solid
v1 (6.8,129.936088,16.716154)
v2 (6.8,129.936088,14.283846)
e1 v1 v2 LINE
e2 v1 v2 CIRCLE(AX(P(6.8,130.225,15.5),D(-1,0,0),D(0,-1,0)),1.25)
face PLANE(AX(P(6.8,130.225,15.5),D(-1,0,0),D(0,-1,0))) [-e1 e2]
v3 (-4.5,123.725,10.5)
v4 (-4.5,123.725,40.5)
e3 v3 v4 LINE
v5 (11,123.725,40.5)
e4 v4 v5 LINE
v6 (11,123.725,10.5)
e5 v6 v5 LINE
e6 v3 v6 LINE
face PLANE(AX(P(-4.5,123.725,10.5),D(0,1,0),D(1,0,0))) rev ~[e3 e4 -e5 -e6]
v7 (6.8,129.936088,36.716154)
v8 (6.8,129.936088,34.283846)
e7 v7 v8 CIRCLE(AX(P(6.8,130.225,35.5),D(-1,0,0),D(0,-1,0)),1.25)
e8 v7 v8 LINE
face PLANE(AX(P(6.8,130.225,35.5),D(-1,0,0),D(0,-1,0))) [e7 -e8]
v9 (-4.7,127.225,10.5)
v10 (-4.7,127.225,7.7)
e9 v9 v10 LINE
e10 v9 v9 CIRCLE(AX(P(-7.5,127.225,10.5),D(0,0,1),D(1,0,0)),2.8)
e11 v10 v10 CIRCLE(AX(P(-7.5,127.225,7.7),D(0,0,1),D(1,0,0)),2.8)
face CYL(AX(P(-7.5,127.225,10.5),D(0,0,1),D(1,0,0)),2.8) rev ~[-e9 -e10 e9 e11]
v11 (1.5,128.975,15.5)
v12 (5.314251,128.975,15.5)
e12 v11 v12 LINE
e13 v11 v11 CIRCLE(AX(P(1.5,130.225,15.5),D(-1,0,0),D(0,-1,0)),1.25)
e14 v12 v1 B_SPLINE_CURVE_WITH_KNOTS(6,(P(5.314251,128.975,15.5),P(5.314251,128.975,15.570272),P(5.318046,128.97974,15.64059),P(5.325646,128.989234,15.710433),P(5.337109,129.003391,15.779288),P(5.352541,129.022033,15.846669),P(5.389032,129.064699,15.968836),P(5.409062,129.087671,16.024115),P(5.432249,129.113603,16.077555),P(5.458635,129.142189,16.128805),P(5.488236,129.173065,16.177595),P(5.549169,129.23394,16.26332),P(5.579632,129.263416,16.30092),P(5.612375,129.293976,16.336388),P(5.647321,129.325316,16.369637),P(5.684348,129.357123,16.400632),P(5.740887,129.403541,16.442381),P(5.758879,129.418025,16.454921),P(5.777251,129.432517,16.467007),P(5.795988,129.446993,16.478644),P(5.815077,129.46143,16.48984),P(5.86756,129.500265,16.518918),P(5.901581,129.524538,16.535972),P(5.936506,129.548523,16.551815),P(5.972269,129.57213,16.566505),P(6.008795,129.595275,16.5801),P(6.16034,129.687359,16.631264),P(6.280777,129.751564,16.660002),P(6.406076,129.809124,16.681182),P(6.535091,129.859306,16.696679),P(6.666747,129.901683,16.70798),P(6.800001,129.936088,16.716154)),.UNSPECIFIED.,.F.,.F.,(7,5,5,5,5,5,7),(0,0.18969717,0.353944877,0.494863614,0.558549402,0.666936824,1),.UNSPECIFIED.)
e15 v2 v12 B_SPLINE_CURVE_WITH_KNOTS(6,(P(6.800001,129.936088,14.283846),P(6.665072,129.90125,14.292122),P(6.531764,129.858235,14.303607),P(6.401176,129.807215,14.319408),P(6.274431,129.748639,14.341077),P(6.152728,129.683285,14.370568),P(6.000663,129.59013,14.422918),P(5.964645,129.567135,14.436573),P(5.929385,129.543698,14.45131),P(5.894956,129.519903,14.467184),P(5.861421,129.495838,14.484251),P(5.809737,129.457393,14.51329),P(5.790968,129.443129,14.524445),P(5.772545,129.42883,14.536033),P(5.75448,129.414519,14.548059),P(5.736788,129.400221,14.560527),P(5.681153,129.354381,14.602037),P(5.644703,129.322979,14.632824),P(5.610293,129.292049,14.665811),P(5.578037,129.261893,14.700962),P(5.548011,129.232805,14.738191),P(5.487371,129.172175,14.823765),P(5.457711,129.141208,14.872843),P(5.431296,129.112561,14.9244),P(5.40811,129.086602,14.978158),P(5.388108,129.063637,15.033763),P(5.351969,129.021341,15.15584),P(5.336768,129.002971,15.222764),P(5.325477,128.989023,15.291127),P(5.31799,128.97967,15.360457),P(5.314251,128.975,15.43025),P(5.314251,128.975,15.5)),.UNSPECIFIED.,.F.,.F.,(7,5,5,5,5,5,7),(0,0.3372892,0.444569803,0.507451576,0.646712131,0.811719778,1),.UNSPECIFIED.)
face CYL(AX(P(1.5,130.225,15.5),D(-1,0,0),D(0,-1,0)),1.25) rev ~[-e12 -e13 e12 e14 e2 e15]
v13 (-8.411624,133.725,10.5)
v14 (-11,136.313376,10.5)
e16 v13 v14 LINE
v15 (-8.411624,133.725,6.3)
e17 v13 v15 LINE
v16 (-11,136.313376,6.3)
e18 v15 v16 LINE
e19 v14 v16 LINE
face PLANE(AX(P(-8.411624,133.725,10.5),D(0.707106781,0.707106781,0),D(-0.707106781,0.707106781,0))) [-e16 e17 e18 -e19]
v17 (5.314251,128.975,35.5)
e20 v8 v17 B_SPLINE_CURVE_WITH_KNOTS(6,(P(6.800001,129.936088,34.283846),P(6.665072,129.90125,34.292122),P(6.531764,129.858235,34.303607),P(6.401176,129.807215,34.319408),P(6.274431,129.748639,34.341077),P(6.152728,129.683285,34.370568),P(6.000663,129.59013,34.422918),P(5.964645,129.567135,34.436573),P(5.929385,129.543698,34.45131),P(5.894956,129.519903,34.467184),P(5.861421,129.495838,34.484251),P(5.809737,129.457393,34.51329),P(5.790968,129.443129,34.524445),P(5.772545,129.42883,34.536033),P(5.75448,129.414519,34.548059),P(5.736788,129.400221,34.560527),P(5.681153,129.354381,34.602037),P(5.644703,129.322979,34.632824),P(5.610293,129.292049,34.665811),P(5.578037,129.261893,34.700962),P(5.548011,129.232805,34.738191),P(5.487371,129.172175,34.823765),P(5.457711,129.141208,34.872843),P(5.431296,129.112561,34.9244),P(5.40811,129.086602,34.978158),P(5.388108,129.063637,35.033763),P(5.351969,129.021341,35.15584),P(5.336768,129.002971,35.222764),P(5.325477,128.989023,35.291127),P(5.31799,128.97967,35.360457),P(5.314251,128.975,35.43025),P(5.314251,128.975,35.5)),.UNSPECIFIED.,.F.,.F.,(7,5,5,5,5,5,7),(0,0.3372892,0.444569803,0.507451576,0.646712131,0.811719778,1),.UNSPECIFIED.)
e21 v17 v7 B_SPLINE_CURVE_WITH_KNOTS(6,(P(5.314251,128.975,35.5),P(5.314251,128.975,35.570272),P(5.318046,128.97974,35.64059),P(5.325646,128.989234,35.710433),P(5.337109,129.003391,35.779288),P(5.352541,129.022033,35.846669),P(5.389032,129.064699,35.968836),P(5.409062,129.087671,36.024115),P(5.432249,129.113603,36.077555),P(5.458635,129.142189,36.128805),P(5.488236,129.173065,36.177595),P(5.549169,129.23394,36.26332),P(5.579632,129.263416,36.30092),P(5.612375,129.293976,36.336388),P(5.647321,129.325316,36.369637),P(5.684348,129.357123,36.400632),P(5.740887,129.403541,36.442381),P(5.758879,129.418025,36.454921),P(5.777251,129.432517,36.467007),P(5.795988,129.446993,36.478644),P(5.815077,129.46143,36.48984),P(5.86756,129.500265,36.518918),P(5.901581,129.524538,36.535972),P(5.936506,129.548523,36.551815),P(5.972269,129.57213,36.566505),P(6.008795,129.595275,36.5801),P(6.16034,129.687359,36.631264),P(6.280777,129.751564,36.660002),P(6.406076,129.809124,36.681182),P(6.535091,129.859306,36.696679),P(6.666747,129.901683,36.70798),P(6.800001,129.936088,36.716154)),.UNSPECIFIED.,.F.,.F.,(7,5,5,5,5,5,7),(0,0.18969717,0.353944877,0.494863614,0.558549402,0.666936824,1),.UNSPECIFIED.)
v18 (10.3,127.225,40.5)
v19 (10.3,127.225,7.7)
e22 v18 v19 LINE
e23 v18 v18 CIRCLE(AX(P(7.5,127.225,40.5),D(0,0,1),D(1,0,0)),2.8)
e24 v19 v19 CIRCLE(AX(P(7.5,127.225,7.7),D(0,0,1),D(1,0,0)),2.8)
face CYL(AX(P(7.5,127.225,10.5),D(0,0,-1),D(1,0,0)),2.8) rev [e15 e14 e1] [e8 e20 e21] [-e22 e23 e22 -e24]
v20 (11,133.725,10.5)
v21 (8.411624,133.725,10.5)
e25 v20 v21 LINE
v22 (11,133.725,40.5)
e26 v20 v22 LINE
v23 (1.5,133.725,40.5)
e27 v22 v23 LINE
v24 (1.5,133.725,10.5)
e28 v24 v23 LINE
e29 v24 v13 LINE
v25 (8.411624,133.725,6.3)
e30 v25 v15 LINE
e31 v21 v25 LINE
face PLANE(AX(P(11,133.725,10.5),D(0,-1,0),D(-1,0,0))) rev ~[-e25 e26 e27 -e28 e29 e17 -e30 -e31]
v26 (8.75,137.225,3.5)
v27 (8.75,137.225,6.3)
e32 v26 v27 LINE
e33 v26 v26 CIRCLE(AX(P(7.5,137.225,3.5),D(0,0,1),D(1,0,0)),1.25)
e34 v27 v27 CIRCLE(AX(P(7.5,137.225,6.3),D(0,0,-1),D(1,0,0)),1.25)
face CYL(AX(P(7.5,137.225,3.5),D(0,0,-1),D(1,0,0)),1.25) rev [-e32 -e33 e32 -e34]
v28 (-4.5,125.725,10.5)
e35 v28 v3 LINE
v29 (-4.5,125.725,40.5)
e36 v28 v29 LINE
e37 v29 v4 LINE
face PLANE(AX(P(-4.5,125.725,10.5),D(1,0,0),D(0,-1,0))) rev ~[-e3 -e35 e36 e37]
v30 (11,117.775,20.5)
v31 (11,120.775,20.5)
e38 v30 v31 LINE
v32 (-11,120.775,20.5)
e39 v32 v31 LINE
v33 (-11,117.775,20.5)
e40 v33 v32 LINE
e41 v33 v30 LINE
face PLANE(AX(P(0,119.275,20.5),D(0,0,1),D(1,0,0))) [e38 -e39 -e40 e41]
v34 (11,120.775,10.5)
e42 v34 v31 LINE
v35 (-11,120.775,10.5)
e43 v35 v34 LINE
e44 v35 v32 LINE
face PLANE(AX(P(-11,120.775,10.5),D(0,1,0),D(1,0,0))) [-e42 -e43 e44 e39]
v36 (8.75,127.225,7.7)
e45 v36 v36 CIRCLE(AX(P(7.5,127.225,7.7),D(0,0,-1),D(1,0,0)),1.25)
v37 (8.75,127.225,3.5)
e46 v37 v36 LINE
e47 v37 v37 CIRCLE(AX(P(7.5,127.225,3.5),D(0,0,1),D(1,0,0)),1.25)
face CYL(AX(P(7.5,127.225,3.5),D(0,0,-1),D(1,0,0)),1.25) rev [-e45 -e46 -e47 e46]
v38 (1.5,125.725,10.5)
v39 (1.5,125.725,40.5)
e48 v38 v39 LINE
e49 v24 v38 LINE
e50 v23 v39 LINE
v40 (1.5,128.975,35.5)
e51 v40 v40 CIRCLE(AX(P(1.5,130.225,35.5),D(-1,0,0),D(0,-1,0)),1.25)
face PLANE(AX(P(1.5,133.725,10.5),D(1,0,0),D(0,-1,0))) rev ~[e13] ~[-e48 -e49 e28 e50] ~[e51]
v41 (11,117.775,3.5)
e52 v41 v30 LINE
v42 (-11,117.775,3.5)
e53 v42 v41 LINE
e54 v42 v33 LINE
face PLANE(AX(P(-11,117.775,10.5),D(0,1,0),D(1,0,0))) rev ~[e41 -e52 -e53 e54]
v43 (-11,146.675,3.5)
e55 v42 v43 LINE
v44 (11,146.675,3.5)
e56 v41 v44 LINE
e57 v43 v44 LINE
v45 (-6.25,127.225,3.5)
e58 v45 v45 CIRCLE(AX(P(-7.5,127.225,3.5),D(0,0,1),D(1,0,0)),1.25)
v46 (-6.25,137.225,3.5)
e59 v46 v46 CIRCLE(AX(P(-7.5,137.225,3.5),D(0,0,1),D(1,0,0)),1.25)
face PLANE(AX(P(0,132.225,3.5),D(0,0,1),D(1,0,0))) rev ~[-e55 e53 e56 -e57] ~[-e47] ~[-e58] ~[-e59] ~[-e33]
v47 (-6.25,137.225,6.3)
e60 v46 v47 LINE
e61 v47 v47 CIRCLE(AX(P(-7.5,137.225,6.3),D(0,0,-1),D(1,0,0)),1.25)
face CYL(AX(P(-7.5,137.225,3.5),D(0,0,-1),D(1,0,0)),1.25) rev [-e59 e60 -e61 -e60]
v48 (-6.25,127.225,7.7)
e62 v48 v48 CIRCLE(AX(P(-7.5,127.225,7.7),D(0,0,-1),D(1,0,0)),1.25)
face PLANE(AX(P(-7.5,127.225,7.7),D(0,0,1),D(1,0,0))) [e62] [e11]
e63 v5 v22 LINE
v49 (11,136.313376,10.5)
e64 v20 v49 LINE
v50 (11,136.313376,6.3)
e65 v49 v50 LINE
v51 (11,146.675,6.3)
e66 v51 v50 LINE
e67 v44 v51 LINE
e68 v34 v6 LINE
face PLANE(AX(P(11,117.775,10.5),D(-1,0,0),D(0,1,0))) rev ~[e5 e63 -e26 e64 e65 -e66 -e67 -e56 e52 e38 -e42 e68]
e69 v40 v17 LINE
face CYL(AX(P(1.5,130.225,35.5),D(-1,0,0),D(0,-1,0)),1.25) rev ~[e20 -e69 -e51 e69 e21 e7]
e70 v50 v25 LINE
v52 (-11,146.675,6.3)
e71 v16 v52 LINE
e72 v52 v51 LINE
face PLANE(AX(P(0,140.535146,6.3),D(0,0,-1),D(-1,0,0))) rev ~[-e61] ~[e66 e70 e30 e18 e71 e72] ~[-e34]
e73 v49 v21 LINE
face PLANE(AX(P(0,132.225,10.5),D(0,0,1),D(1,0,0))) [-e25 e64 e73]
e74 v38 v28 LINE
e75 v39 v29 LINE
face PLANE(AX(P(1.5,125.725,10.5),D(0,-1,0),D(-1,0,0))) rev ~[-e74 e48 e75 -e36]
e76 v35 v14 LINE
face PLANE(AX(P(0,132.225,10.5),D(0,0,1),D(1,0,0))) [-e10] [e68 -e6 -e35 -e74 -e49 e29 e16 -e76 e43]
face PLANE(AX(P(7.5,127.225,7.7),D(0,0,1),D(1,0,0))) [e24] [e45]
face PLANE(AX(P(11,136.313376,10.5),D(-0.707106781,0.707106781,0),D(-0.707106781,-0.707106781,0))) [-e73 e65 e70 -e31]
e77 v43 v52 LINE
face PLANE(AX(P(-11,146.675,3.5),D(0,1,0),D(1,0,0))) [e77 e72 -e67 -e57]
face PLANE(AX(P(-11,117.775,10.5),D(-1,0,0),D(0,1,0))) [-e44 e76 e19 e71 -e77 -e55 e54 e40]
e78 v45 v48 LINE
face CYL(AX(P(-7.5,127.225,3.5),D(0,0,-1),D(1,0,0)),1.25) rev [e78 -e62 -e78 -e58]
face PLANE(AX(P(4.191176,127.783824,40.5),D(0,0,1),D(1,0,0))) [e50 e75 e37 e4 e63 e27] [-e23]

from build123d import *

# Parameters (mm, degrees)
SKETCH016_W     = 22
SKETCH016_H     = 28.9
SKETCH016_R     = 1.25
PAD010_DEPTH    = 7
POCKET005_DEPTH = 4.2
SKETCH020_R     = 2.8
POCKET006_DEPTH = 2.8
SKETCH021_R     = 2.8
PAD011_DEPTH    = 30
SKETCH022_R     = 1.25
POCKET007_DEPTH = 5.3
SKETCH026_W     = 22
SKETCH026_H     = 3
PAD015_DEPTH    = 10


with BuildPart() as part:
    # Sketch016 (on Face1 of ReferencePad007) → Pad010 (new body)
    with BuildSketch(Plane.XY.offset(3.5)):
        with Locations((0, 132.225)):
            Rectangle(SKETCH016_W, SKETCH016_H)
        with Locations((-7.5, 137.225)):
            Circle(SKETCH016_R, mode=Mode.SUBTRACT)
        with Locations((-7.5, 127.225)):
            Circle(SKETCH016_R, mode=Mode.SUBTRACT)
        with Locations((7.5, 137.225)):
            Circle(SKETCH016_R, mode=Mode.SUBTRACT)
        with Locations((7.5, 127.225)):
            Circle(SKETCH016_R, mode=Mode.SUBTRACT)
    extrude(amount=PAD010_DEPTH)

    # Sketch019 (on Face10 of Pad010) → Pocket005 (cut)
    with BuildSketch(Plane.XY.offset(10.5)):
        Polygon((-8.411624, 133.725), (-11, 136.313376), (-11, 146.675), (11, 146.675), (11, 136.313376), (8.411624, 133.725), align=None)
    extrude(amount=-POCKET005_DEPTH, mode=Mode.SUBTRACT)

    # Sketch020 (on Face5 of Pocket005) → Pocket006 (cut)
    with BuildSketch(Plane.XY.offset(10.5)):
        with Locations((-7.5, 127.225)):
            Circle(SKETCH020_R)
        with Locations((7.5, 127.225)):
            Circle(SKETCH020_R)
    extrude(amount=-POCKET006_DEPTH, mode=Mode.SUBTRACT)

    # Sketch021 (on Face5 of Pocket006) → Pad011 (join)
    with BuildSketch(Plane.XY.offset(10.5)):
        Polygon((-4.5, 123.725), (11, 123.725), (11, 133.725), (1.5, 133.725), (1.5, 125.725), (-4.5, 125.725), align=None)
        with Locations((7.5, 127.225)):
            Circle(SKETCH021_R, mode=Mode.SUBTRACT)
    extrude(amount=PAD011_DEPTH)

    # Sketch022 (on Face17 of Pad011) → Pocket007 (cut)
    with BuildSketch(Plane(origin=(1.5, 0, 8), x_dir=(0, -1, 0), z_dir=(-1, 0, 0))):
        with Locations((-130.225, 27.5)):
            Circle(SKETCH022_R)
        with Locations((-130.225, 7.5)):
            Circle(SKETCH022_R)
    extrude(amount=-POCKET007_DEPTH, mode=Mode.SUBTRACT)

    # Sketch026 (on Face5 of Pocket007) → Pad015 (join)
    with BuildSketch(Plane.XY.offset(10.5)):
        with Locations((0, 119.275)):
            Rectangle(SKETCH026_W, SKETCH026_H)
    extrude(amount=PAD015_DEPTH)


solid = part.part
